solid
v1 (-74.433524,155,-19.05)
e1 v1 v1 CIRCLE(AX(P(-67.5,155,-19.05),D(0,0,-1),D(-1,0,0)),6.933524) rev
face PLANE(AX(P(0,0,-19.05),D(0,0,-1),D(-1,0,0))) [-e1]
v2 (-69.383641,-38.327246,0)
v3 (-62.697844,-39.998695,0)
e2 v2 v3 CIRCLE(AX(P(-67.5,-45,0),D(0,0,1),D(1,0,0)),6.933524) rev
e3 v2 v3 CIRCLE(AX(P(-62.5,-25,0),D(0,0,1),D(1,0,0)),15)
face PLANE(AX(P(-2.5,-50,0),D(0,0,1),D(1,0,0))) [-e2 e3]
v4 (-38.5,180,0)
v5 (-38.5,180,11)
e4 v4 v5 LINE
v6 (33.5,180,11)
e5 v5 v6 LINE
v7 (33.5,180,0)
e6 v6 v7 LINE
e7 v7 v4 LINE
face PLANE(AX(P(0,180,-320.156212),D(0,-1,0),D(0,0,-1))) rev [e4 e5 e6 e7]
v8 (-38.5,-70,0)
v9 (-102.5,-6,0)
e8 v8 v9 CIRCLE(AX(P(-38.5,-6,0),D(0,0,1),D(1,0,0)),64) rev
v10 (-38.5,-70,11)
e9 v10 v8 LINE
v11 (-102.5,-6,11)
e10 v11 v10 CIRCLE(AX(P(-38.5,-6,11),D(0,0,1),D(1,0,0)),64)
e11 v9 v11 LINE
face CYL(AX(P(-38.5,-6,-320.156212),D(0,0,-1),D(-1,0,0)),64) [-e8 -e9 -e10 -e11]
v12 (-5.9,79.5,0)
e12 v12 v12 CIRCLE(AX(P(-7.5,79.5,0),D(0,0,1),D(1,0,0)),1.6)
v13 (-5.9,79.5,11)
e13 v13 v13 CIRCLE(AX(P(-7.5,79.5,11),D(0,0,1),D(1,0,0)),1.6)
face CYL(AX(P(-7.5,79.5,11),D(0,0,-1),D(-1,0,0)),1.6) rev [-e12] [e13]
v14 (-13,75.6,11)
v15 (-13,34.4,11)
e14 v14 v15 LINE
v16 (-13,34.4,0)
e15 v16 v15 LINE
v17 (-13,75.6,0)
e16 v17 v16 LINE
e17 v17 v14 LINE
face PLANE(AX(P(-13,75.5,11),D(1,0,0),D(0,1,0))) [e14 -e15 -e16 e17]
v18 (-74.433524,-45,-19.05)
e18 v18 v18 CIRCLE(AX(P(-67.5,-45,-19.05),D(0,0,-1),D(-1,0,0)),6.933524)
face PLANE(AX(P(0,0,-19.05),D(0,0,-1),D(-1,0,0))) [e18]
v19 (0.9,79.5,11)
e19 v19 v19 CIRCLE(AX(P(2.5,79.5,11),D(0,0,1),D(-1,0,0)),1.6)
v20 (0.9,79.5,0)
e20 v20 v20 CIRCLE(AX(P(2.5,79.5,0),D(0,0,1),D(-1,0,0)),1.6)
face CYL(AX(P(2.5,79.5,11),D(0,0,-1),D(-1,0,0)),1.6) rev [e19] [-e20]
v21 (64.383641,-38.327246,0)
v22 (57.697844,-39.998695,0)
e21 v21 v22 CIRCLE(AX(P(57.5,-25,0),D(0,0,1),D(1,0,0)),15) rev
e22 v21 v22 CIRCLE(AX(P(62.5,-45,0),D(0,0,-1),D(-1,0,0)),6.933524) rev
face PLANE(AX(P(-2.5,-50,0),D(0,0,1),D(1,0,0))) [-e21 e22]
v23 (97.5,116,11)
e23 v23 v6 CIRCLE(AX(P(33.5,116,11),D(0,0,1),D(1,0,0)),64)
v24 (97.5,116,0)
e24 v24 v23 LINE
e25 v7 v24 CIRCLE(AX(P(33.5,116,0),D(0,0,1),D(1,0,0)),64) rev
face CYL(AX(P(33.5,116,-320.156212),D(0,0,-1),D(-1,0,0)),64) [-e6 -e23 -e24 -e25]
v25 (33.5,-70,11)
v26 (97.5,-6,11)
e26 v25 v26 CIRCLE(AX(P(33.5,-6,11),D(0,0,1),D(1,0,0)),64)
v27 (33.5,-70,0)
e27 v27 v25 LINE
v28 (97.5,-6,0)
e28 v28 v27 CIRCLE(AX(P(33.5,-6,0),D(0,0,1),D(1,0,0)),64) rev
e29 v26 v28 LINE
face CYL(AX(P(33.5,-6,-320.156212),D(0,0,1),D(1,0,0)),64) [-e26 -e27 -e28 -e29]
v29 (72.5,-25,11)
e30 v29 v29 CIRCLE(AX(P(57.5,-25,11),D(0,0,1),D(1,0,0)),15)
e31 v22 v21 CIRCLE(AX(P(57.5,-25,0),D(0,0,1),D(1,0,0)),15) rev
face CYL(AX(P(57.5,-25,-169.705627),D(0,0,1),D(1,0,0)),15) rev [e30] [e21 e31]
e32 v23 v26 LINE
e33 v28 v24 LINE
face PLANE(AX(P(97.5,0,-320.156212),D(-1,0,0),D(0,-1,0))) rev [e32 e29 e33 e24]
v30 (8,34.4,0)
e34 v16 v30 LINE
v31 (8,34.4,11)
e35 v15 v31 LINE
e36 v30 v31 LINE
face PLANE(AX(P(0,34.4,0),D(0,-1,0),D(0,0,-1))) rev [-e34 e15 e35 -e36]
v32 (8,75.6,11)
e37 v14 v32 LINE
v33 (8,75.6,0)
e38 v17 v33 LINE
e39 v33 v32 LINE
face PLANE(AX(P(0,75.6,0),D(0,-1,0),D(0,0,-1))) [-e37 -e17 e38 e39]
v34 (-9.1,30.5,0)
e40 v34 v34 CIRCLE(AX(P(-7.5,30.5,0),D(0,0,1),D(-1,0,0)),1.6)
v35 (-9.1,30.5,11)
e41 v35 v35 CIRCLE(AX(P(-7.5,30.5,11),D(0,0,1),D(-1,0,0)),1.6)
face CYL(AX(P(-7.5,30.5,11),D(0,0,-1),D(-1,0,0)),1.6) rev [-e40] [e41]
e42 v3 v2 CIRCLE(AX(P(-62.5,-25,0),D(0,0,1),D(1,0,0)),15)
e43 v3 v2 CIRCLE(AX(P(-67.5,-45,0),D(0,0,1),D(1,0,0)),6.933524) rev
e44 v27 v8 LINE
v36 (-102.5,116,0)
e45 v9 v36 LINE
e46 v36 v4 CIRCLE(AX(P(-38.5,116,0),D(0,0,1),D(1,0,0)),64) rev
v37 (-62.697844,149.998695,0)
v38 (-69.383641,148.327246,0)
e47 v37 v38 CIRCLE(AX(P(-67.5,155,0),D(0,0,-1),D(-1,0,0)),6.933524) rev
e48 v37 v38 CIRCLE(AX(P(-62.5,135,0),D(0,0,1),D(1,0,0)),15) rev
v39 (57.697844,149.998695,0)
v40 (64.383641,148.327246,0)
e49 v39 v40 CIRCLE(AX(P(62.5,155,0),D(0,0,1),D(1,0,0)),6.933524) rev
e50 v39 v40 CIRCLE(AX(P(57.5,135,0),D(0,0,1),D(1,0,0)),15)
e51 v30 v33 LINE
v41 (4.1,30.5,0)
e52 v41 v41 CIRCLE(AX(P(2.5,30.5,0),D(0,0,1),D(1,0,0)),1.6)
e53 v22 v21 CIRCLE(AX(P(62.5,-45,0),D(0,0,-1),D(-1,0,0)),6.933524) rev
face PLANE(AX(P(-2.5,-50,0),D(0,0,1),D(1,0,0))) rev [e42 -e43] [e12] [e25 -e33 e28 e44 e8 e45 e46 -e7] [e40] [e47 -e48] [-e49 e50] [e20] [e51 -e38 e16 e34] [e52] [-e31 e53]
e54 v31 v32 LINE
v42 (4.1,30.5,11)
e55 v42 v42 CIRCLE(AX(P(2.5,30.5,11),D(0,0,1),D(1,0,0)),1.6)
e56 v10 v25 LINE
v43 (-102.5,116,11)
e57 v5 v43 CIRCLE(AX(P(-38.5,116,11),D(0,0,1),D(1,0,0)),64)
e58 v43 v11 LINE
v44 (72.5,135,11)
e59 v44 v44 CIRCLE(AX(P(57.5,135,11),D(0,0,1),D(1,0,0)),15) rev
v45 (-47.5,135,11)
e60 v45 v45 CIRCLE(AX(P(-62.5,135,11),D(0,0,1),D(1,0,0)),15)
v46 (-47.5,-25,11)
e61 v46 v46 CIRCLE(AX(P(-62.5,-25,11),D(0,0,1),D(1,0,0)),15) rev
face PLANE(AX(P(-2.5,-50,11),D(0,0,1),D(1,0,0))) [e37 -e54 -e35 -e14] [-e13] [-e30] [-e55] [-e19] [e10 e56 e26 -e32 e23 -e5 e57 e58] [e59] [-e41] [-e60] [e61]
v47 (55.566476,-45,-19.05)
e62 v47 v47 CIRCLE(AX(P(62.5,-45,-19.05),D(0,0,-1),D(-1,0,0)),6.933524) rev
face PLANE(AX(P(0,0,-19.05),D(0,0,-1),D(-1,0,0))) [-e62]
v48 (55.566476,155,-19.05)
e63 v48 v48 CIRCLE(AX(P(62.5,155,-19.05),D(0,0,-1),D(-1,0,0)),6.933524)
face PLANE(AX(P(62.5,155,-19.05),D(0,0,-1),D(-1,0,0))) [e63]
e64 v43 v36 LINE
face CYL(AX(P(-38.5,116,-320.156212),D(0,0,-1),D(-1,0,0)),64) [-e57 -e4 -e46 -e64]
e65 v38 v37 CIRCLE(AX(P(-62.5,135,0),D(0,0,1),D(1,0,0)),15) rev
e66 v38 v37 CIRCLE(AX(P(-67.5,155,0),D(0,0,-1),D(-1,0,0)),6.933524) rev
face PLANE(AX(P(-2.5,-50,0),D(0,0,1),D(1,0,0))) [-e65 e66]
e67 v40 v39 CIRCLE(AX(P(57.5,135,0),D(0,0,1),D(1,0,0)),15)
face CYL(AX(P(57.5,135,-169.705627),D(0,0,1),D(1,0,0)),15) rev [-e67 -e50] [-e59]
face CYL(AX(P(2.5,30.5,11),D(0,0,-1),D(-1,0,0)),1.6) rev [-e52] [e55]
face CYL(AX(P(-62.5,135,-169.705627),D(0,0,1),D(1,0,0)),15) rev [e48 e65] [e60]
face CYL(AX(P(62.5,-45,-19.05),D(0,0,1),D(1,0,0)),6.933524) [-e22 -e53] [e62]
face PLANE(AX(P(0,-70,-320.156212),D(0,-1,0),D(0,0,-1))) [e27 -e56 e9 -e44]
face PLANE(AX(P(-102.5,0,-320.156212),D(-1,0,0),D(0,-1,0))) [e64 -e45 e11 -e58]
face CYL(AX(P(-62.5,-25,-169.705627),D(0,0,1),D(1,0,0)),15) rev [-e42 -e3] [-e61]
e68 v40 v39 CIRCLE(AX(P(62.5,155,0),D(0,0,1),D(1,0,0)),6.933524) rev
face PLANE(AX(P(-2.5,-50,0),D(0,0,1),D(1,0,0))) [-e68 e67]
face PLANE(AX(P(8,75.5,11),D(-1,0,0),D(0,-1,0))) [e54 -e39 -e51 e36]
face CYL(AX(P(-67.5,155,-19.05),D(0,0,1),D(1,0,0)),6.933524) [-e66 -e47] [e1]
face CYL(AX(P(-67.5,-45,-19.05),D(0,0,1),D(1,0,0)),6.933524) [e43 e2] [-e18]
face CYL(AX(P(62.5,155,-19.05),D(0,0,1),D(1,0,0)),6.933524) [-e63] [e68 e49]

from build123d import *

# Parameters (mm, degrees)
SKETCH1_R           = 1.6
SKETCH1_W           = 21
SKETCH1_H           = 41
BOSS_EXTRUDE1_DEPTH = 11
SKETCH6_W           = 21
SKETCH6_H           = 0.1
CUT_EXTRUDE1_DEPTH  = 91.428148273
SKETCH7_W           = 21
SKETCH7_H           = 41.2
SKETCH7_R           = 1.6
CUT_EXTRUDE2_DEPTH  = 11
BOSS_EXTRUDE2_START = -11
SKETCH8_W           = 200
SKETCH8_H           = 250
SKETCH8_W_2         = 21
SKETCH8_H_2         = 41.2
SKETCH8_R           = 1.6
BOSS_EXTRUDE2_DEPTH = 11
FILLET1_R           = 64
FILLET2_R           = 64
FILLET3_R           = 64
FILLET4_R           = 64
SKETCH12_R          = 6.933523759
BOSS_EXTRUDE3_DEPTH = 19.05
SKETCH13_R          = 15
CUT_EXTRUDE3_DEPTH  = 11


with BuildPart() as part:
    # Sketch1 → Boss-Extrude1 (new body)
    with BuildSketch(Plane.XY):
        with BuildLine():
            Line((-20, 70), (-20, -50))
            ThreePointArc((-20, -50), (-2.5, -67.5), (15, -50))
            Line((15, -50), (15, 70))
            ThreePointArc((15, 70), (-2.5, 87.5), (-20, 70))
        make_face()
        with Locations((-7.5, 79.5)):
            Circle(SKETCH1_R, mode=Mode.SUBTRACT)
        with Locations(Location((2.5, 79.5, 0), (0, 0, 180))):
            Circle(SKETCH1_R, mode=Mode.SUBTRACT)
        with Locations((2.5, 30.5)):
            Circle(SKETCH1_R, mode=Mode.SUBTRACT)
        with Locations(Location((-7.5, 30.5, 0), (0, 0, 180))):
            Circle(SKETCH1_R, mode=Mode.SUBTRACT)
        with Locations((-2.5, 55)):
            Rectangle(SKETCH1_W, SKETCH1_H, mode=Mode.SUBTRACT)
    extrude(amount=BOSS_EXTRUDE1_DEPTH)

    # Sketch6 → Cut-Extrude1 (cut, through all)
    with BuildSketch(Plane.XY.offset(11)):
        with Locations((-2.5, 75.55)):
            Rectangle(SKETCH6_W, SKETCH6_H)
        with Locations((-2.5, 34.45)):
            Rectangle(SKETCH6_W, SKETCH6_H)
    extrude(amount=-CUT_EXTRUDE1_DEPTH, mode=Mode.SUBTRACT)

    # Sketch7 → Cut-Extrude2 (cut)
    with BuildSketch(Plane(origin=(0, 0, 0), x_dir=(-1, 0, 0), z_dir=(0, 0, -1))):
        with Locations((2.5, -35)):
            Rectangle(SKETCH7_W, SKETCH7_H)
        with Locations((-2.5, -10.5)):
            Circle(SKETCH7_R)
        with Locations((7.5, -10.5)):
            Circle(SKETCH7_R)
        with Locations((-2.5, -59.5)):
            Circle(SKETCH7_R)
        with Locations((7.5, -59.5)):
            Circle(SKETCH7_R)
    extrude(amount=-CUT_EXTRUDE2_DEPTH, mode=Mode.SUBTRACT)

    # Sketch8 → Boss-Extrude2 (add)
    # profile 1 of 6: a face of its own
    with BuildSketch(Plane.XY.offset(11).offset(BOSS_EXTRUDE2_START)):
        with Locations((-2.5, 55)):
            Rectangle(SKETCH8_W, SKETCH8_H)
        with BuildLine():
            ThreePointArc((-20, -50), (-2.5, -67.5), (15, -50))
            Line((15, -50), (15, 70))
            ThreePointArc((15, 70), (-2.5, 87.5), (-20, 70))
            Line((-20, 70), (-20, -50))
        make_face(mode=Mode.SUBTRACT)
    # profile 2 of 6: a face of its own
    with BuildSketch(Plane.XY.offset(11).offset(BOSS_EXTRUDE2_START)):
        with Locations((-2.5, -35)):
            Rectangle(SKETCH8_W_2, SKETCH8_H_2)
    # profile 3 of 6: a face of its own
    with BuildSketch(Plane.XY.offset(11).offset(BOSS_EXTRUDE2_START)):
        with Locations((-7.5, -59.5)):
            Circle(SKETCH8_R)
    # profile 4 of 6: a face of its own
    with BuildSketch(Plane.XY.offset(11).offset(BOSS_EXTRUDE2_START)):
        with Locations((2.5, -59.5)):
            Circle(SKETCH8_R)
    # profile 5 of 6: a face of its own
    with BuildSketch(Plane.XY.offset(11).offset(BOSS_EXTRUDE2_START)):
        with Locations((-7.5, -10.5)):
            Circle(SKETCH8_R)
    # profile 6 of 6: a face of its own
    with BuildSketch(Plane.XY.offset(11).offset(BOSS_EXTRUDE2_START)):
        with Locations((2.5, -10.5)):
            Circle(SKETCH8_R)
    extrude(amount=BOSS_EXTRUDE2_DEPTH)

    # Fillet1
    fillet1_edges = [part.edges().sort_by_distance(p)[0] for p in [
        (-102.5, 180, 5.5),
    ]]
    fillet(fillet1_edges, radius=FILLET1_R)

    # Fillet2
    fillet2_edges = [part.edges().sort_by_distance(p)[0] for p in [
        (97.5, 180, 5.5),
    ]]
    fillet(fillet2_edges, radius=FILLET2_R)

    # Fillet3
    fillet3_edges = [part.edges().sort_by_distance(p)[0] for p in [
        (97.5, -70, 5.5),
    ]]
    fillet(fillet3_edges, radius=FILLET3_R)

    # Fillet4
    fillet4_edges = [part.edges().sort_by_distance(p)[0] for p in [
        (-102.5, -70, 5.5),
    ]]
    fillet(fillet4_edges, radius=FILLET4_R)

    # Sketch12 → Boss-Extrude3 (add)
    with BuildSketch(Plane(origin=(0, 0, 0), x_dir=(-1, 0, 0), z_dir=(0, 0, -1))):
        with Locations(Location((67.5, 155, 0), (0, 0, 180))):
            Circle(SKETCH12_R)
        with Locations(Location((-62.5, -45, 0), (0, 0, 180))):
            Circle(SKETCH12_R)
        with Locations(Location((67.5, -45, 0), (0, 0, 180))):
            Circle(SKETCH12_R)
        with Locations(Location((-62.5, 155, 0), (0, 0, 180))):
            Circle(SKETCH12_R)
    extrude(amount=BOSS_EXTRUDE3_DEPTH)

    # Sketch13 → Cut-Extrude3 (cut)
    with BuildSketch(Plane.XY.offset(11)):
        with Locations((-62.5, 135)):
            Circle(SKETCH13_R)
        with Locations((57.5, 135)):
            Circle(SKETCH13_R)
        with Locations((57.5, -25)):
            Circle(SKETCH13_R)
        with Locations((-62.5, -25)):
            Circle(SKETCH13_R)
    extrude(amount=-CUT_EXTRUDE3_DEPTH, mode=Mode.SUBTRACT)


solid = part.part
